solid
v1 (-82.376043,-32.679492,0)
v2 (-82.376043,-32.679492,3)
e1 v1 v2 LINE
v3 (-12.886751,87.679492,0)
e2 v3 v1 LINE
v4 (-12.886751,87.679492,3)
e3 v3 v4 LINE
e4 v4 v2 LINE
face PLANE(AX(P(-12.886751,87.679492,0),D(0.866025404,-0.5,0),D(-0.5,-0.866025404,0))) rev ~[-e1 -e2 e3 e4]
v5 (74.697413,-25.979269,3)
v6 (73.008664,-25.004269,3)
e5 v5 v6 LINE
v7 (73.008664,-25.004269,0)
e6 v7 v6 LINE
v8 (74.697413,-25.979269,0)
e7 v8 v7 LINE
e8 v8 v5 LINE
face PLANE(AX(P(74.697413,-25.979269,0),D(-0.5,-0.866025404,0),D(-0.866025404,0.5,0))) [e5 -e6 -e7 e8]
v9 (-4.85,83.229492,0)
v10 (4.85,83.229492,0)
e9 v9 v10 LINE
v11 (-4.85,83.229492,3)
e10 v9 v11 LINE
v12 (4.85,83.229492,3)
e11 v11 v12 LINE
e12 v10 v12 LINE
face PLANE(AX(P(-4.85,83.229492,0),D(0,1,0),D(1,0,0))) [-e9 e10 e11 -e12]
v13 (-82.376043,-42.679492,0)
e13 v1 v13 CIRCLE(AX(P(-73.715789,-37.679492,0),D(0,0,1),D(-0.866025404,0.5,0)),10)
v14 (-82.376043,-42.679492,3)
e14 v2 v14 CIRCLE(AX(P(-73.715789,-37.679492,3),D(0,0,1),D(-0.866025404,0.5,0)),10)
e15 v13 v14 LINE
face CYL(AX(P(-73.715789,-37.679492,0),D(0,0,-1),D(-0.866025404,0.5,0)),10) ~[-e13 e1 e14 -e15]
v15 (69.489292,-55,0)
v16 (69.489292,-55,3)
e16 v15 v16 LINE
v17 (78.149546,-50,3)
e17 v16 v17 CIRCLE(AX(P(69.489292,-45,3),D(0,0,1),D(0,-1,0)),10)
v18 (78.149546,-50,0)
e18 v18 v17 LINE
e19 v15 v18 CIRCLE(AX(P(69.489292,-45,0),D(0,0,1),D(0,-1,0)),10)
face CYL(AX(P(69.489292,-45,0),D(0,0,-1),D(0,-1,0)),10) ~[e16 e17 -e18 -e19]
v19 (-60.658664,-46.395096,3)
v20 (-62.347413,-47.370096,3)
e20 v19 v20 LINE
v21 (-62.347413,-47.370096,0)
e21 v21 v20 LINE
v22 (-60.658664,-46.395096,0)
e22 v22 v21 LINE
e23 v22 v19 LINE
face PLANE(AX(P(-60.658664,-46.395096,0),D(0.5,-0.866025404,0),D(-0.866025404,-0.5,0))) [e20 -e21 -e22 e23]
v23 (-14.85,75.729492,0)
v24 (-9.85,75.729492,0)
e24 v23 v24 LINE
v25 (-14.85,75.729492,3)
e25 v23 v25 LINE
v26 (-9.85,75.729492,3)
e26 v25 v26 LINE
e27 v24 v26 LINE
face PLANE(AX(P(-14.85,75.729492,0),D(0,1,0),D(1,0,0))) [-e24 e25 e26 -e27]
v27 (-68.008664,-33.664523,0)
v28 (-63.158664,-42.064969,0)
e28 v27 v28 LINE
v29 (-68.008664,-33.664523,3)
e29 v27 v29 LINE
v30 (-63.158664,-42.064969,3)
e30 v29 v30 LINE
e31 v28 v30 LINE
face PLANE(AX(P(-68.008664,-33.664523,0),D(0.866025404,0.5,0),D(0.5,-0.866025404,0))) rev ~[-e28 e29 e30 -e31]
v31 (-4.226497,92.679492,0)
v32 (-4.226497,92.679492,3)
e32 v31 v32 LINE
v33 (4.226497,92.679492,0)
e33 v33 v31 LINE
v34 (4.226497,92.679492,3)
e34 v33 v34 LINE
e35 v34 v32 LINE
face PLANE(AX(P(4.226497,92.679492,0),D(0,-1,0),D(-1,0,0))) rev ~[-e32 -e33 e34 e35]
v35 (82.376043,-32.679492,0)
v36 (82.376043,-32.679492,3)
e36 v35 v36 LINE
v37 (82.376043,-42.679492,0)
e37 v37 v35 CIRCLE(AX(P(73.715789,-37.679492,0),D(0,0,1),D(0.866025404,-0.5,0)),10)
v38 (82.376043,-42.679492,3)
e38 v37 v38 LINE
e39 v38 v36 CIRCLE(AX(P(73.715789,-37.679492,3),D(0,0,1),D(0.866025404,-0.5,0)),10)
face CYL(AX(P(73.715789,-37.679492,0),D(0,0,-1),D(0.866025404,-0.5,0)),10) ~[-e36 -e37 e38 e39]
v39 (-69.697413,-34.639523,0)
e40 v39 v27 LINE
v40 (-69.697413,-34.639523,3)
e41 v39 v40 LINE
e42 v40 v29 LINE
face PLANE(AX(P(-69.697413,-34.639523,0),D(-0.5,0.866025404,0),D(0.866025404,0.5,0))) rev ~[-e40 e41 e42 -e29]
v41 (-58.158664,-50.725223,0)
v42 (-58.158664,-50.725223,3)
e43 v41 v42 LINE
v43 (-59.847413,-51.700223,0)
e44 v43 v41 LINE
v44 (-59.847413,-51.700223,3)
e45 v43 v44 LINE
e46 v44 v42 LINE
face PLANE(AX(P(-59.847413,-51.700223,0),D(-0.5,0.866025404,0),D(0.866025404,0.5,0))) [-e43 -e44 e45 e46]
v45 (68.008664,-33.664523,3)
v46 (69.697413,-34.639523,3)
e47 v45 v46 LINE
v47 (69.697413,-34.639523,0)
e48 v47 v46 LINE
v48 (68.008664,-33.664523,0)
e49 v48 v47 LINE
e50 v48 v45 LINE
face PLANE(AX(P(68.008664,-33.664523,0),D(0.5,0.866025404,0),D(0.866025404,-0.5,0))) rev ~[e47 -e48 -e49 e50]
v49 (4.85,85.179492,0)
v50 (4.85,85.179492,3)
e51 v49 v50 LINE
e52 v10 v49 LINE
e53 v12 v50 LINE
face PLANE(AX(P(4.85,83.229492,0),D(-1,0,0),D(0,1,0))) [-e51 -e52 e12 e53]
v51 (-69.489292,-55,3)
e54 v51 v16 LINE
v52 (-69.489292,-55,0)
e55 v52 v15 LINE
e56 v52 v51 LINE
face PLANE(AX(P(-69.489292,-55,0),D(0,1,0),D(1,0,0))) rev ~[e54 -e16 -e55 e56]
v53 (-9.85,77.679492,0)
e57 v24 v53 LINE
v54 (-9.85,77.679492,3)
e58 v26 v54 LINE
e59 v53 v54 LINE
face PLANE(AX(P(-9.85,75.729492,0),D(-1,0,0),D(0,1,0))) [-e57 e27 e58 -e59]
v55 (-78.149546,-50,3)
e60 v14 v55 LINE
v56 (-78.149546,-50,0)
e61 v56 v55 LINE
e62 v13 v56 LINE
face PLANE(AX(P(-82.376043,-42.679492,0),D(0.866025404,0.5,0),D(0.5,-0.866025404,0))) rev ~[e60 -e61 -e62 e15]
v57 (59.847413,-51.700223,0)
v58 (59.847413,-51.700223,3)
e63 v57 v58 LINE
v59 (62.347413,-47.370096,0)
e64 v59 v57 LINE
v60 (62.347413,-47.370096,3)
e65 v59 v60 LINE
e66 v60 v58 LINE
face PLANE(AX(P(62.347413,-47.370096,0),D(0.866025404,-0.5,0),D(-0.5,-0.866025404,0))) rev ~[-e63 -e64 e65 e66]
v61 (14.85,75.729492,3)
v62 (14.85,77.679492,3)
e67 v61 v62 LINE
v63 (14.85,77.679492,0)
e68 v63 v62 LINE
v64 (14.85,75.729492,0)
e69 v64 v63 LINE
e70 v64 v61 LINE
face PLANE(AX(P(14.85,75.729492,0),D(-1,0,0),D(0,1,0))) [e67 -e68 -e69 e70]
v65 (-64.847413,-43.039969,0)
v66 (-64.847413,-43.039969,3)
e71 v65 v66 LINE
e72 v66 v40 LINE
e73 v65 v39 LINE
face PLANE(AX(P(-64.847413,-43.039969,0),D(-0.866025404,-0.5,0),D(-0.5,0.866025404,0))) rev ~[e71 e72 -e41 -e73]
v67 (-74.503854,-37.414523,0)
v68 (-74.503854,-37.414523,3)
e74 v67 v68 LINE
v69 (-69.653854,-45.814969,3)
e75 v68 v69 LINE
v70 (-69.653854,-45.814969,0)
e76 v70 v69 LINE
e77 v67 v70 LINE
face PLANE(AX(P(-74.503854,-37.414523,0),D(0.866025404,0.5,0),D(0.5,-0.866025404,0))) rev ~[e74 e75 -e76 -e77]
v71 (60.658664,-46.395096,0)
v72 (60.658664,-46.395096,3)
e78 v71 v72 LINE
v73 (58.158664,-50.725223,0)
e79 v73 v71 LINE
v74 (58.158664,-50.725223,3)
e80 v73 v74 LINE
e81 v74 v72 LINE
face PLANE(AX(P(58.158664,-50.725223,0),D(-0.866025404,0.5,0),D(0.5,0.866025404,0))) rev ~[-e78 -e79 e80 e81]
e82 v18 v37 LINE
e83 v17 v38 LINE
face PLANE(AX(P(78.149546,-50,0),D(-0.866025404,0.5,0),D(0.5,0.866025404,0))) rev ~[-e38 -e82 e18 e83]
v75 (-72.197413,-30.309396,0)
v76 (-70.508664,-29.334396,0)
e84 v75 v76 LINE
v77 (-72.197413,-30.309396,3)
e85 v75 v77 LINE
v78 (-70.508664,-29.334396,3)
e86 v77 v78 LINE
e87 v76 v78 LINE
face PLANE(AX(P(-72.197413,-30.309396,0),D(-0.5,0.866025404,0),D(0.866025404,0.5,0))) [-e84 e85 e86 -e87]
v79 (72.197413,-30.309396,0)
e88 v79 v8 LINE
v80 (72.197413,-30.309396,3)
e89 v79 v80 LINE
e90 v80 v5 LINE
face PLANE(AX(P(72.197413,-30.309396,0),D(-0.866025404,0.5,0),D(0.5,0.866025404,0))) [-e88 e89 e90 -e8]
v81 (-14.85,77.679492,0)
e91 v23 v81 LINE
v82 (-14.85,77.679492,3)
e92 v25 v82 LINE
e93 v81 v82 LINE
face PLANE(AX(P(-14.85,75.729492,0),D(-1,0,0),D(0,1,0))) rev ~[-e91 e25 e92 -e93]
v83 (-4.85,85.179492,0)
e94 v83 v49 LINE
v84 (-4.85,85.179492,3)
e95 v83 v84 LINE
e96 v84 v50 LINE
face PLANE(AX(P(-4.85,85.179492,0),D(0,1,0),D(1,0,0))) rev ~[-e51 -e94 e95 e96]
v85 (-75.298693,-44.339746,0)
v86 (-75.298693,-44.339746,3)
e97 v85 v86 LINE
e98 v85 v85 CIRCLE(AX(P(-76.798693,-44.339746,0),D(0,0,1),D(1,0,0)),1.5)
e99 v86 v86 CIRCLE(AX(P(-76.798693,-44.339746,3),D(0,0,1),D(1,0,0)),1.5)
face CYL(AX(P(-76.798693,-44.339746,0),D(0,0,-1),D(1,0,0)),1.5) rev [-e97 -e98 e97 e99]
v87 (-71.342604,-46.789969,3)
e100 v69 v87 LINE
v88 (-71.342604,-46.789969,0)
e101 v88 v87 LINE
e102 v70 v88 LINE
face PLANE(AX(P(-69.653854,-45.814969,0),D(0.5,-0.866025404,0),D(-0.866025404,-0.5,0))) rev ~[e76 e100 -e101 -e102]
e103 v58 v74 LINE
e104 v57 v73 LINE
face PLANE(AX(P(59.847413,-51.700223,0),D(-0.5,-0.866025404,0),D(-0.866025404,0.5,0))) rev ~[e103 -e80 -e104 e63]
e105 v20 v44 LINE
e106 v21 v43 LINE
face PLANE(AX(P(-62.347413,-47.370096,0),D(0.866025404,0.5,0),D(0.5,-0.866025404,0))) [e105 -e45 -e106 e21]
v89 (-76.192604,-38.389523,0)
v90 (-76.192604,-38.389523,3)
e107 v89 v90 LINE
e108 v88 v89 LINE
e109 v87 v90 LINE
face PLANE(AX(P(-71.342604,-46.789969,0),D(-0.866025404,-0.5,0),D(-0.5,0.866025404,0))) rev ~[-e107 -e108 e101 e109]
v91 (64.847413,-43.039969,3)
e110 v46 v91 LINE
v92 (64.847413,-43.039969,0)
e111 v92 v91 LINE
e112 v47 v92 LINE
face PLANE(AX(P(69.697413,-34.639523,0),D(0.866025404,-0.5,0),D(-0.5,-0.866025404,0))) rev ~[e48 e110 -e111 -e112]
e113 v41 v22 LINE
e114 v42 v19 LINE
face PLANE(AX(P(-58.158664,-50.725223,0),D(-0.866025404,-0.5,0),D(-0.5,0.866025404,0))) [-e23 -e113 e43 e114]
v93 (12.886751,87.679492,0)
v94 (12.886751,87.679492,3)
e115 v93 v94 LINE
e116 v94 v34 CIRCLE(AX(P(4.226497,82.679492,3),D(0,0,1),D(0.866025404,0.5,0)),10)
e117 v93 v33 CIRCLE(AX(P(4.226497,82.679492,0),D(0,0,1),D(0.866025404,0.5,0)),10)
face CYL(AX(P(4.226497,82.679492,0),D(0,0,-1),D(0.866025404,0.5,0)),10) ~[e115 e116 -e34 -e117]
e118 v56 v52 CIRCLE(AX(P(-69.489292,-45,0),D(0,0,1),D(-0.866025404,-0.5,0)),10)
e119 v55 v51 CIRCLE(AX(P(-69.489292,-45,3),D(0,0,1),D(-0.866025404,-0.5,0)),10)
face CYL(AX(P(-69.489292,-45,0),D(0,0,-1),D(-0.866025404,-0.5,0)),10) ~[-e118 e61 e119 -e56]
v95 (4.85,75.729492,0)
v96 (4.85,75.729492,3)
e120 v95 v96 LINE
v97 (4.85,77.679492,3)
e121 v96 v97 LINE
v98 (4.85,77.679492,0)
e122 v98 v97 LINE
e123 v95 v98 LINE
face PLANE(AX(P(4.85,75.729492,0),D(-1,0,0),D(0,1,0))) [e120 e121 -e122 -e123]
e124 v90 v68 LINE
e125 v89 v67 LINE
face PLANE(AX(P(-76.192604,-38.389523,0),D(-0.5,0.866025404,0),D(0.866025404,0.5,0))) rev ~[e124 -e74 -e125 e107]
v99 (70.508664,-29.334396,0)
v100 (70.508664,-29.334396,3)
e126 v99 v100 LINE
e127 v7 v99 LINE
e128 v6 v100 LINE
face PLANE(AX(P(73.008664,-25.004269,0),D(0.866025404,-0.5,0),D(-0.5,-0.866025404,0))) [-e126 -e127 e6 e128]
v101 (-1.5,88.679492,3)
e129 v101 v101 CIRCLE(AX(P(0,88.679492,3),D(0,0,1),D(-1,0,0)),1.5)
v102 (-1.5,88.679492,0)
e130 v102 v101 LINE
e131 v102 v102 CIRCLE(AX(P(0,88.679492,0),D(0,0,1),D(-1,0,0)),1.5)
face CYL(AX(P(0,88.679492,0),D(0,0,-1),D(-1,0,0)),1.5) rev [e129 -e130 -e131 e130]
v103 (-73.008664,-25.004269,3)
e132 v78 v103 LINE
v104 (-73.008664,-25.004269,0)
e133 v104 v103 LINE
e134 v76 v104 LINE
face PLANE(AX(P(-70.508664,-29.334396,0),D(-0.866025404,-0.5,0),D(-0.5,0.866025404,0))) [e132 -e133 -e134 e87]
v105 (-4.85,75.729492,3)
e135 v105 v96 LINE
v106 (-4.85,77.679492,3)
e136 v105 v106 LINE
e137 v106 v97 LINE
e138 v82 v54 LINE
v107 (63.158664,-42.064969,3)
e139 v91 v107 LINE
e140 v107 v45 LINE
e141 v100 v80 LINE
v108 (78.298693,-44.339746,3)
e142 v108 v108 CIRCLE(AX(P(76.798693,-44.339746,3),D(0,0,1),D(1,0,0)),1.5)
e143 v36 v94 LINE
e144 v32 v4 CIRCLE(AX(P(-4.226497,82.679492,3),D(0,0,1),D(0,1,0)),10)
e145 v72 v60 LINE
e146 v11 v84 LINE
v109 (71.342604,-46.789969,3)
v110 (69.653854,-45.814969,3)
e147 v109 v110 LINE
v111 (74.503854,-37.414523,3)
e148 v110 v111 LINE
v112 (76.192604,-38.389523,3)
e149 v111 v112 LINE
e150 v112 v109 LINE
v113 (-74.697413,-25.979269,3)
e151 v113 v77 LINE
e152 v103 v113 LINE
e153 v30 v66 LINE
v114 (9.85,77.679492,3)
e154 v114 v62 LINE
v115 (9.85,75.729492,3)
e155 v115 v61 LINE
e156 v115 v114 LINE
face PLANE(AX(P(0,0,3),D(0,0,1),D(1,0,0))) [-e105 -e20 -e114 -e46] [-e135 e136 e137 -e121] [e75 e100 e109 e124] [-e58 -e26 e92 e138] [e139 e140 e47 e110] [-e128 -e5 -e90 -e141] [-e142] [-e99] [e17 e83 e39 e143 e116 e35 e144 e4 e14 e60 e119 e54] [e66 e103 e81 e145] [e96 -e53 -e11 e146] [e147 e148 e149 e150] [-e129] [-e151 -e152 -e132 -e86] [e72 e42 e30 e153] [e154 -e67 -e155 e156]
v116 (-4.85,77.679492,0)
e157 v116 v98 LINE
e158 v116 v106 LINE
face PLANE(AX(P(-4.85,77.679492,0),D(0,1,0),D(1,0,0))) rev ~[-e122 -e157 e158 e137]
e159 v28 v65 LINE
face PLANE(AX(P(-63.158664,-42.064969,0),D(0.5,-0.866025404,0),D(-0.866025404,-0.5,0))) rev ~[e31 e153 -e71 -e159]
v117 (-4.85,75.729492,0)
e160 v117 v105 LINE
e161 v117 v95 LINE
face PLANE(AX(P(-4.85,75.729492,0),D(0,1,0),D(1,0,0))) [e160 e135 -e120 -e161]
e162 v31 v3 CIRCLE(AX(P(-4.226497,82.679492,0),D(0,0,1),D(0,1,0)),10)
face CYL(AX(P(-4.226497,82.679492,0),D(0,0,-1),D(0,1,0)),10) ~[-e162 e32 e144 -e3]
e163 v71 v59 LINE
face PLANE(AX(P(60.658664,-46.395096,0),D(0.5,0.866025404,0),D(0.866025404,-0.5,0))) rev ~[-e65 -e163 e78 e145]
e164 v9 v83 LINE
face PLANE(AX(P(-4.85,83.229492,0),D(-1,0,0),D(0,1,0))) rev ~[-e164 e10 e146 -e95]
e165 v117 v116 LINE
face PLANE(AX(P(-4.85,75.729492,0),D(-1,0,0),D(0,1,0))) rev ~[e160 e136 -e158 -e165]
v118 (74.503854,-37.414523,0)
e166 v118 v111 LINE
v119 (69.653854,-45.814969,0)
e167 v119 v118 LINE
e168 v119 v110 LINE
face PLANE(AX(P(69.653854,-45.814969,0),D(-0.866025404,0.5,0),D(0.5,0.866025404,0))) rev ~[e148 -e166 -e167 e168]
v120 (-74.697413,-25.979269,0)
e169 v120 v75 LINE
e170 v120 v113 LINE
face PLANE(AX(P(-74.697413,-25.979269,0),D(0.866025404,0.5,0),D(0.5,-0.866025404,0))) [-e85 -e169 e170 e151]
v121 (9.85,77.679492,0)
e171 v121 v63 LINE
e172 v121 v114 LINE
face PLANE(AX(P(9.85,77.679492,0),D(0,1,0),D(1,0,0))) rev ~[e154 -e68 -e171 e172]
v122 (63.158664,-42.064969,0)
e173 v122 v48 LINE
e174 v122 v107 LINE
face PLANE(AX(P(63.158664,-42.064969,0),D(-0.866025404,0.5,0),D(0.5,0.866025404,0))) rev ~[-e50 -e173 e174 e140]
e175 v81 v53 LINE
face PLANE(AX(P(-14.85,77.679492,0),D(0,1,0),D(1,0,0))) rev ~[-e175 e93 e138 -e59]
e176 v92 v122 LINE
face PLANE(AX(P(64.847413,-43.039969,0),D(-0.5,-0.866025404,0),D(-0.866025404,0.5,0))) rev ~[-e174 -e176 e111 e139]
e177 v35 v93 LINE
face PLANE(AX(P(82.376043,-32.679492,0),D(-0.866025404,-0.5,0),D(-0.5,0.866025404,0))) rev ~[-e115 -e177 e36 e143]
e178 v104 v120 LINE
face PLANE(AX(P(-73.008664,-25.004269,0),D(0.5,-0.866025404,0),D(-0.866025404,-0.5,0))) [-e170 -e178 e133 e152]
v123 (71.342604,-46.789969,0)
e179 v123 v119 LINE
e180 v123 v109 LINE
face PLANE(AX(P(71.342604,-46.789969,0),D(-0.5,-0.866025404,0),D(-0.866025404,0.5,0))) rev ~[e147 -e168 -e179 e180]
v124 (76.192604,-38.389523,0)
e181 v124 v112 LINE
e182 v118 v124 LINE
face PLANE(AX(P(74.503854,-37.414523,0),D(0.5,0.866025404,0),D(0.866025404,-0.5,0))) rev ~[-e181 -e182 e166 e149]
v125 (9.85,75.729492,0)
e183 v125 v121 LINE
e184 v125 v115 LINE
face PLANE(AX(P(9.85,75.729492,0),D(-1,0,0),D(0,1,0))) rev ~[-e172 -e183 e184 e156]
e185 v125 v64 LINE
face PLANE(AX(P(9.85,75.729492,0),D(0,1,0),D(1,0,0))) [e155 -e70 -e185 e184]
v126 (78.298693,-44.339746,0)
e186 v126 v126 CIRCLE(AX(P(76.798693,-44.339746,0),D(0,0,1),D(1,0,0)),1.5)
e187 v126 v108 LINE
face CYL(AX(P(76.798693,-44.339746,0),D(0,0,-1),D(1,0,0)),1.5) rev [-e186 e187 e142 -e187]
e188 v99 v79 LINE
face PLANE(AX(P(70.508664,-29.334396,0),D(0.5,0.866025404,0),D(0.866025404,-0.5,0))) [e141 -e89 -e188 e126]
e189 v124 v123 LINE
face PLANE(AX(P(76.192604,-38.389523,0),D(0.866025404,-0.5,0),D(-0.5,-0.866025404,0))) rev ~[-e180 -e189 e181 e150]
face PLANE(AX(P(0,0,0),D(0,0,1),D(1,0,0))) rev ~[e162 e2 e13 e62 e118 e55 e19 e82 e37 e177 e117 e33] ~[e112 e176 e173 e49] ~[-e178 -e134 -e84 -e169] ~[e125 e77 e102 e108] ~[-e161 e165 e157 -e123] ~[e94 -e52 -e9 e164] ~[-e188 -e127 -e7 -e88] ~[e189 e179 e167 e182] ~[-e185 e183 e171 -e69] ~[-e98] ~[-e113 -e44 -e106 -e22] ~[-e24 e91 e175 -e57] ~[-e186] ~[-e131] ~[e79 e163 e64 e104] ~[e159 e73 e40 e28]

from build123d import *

# Parameters (mm, degrees)
SKETCH_1_R      = 1.5
SKETCH_1_W      = 9.7
SKETCH_1_H      = 1.95
SKETCH_1_W_2    = 5
EXTRUDE_1_DEPTH = 3


with BuildPart() as part:
    # Эскиз1 → Бобышка-Вытянуть1 (new body)
    with BuildSketch(Plane.XY):
        with BuildLine():
            Line((-69.489291724, -55), (69.489291724, -55))
            ThreePointArc((69.489291724, -55), (74.489291724, -53.660254038), (78.149545762, -50))
            Line((78.149545762, -50), (82.37604307, -42.679491924))
            ThreePointArc((82.37604307, -42.679491924), (83.715789032, -37.679491924), (82.37604307, -32.679491924))
            Line((82.37604307, -32.679491924), (12.886751346, 87.679491924))
            ThreePointArc((12.886751346, 87.679491924), (9.226497308, 91.339745962), (4.226497308, 92.679491924))
            Line((4.226497308, 92.679491924), (-4.226497308, 92.679491924))
            ThreePointArc((-4.226497308, 92.679491924), (-9.226497308, 91.339745962), (-12.886751346, 87.679491924))
            Line((-12.886751346, 87.679491924), (-82.37604307, -32.679491924))
            ThreePointArc((-82.37604307, -32.679491924), (-83.715789032, -37.679491924), (-82.37604307, -42.679491924))
            Line((-82.37604307, -42.679491924), (-78.149545762, -50))
            ThreePointArc((-78.149545762, -50), (-74.489291724, -53.660254038), (-69.489291724, -55))
        make_face()
        with Locations((-76.798692801, -44.339745962)):
            Circle(SKETCH_1_R, mode=Mode.SUBTRACT)
        with Locations(Location((0, 88.679491924, 0), (0, 0, 180))):
            Circle(SKETCH_1_R, mode=Mode.SUBTRACT)
        with Locations((76.798692801, -44.339745962)):
            Circle(SKETCH_1_R, mode=Mode.SUBTRACT)
        Polygon((-71.342603888, -46.789969171), (-76.192603888, -38.389522754), (-74.503854351, -37.414522754), (-69.653854351, -45.814969171), align=None, mode=Mode.SUBTRACT)
        with Locations((0, 84.204491924)):
            Rectangle(SKETCH_1_W, SKETCH_1_H, mode=Mode.SUBTRACT)
        Polygon((76.192603888, -38.389522754), (71.342603888, -46.789969171), (69.653854351, -45.814969171), (74.503854351, -37.414522754), align=None, mode=Mode.SUBTRACT)
        Polygon((-64.84741336, -43.039969171), (-69.69741336, -34.639522754), (-68.008663822, -33.664522754), (-63.158663822, -42.064969171), align=None, mode=Mode.SUBTRACT)
        with Locations((0, 76.704491924)):
            Rectangle(SKETCH_1_W, SKETCH_1_H, mode=Mode.SUBTRACT)
        Polygon((69.69741336, -34.639522754), (64.84741336, -43.039969171), (63.158663822, -42.064969171), (68.008663822, -33.664522754), align=None, mode=Mode.SUBTRACT)
        Polygon((70.508663822, -29.334395735), (72.19741336, -30.309395735), (74.69741336, -25.979268716), (73.008663822, -25.004268716), align=None, mode=Mode.SUBTRACT)
        Polygon((62.34741336, -47.370096189), (59.84741336, -51.700223208), (58.158663822, -50.725223208), (60.658663822, -46.395096189), align=None, mode=Mode.SUBTRACT)
        with Locations((-12.35, 76.704491924)):
            Rectangle(SKETCH_1_W_2, SKETCH_1_H, mode=Mode.SUBTRACT)
        with Locations((12.35, 76.704491924)):
            Rectangle(SKETCH_1_W_2, SKETCH_1_H, mode=Mode.SUBTRACT)
        Polygon((-60.658663822, -46.395096189), (-62.34741336, -47.370096189), (-59.84741336, -51.700223208), (-58.158663822, -50.725223208), align=None, mode=Mode.SUBTRACT)
        Polygon((-70.508663822, -29.334395735), (-73.008663822, -25.004268716), (-74.69741336, -25.979268716), (-72.19741336, -30.309395735), align=None, mode=Mode.SUBTRACT)
    extrude(amount=EXTRUDE_1_DEPTH)


solid = part.part
